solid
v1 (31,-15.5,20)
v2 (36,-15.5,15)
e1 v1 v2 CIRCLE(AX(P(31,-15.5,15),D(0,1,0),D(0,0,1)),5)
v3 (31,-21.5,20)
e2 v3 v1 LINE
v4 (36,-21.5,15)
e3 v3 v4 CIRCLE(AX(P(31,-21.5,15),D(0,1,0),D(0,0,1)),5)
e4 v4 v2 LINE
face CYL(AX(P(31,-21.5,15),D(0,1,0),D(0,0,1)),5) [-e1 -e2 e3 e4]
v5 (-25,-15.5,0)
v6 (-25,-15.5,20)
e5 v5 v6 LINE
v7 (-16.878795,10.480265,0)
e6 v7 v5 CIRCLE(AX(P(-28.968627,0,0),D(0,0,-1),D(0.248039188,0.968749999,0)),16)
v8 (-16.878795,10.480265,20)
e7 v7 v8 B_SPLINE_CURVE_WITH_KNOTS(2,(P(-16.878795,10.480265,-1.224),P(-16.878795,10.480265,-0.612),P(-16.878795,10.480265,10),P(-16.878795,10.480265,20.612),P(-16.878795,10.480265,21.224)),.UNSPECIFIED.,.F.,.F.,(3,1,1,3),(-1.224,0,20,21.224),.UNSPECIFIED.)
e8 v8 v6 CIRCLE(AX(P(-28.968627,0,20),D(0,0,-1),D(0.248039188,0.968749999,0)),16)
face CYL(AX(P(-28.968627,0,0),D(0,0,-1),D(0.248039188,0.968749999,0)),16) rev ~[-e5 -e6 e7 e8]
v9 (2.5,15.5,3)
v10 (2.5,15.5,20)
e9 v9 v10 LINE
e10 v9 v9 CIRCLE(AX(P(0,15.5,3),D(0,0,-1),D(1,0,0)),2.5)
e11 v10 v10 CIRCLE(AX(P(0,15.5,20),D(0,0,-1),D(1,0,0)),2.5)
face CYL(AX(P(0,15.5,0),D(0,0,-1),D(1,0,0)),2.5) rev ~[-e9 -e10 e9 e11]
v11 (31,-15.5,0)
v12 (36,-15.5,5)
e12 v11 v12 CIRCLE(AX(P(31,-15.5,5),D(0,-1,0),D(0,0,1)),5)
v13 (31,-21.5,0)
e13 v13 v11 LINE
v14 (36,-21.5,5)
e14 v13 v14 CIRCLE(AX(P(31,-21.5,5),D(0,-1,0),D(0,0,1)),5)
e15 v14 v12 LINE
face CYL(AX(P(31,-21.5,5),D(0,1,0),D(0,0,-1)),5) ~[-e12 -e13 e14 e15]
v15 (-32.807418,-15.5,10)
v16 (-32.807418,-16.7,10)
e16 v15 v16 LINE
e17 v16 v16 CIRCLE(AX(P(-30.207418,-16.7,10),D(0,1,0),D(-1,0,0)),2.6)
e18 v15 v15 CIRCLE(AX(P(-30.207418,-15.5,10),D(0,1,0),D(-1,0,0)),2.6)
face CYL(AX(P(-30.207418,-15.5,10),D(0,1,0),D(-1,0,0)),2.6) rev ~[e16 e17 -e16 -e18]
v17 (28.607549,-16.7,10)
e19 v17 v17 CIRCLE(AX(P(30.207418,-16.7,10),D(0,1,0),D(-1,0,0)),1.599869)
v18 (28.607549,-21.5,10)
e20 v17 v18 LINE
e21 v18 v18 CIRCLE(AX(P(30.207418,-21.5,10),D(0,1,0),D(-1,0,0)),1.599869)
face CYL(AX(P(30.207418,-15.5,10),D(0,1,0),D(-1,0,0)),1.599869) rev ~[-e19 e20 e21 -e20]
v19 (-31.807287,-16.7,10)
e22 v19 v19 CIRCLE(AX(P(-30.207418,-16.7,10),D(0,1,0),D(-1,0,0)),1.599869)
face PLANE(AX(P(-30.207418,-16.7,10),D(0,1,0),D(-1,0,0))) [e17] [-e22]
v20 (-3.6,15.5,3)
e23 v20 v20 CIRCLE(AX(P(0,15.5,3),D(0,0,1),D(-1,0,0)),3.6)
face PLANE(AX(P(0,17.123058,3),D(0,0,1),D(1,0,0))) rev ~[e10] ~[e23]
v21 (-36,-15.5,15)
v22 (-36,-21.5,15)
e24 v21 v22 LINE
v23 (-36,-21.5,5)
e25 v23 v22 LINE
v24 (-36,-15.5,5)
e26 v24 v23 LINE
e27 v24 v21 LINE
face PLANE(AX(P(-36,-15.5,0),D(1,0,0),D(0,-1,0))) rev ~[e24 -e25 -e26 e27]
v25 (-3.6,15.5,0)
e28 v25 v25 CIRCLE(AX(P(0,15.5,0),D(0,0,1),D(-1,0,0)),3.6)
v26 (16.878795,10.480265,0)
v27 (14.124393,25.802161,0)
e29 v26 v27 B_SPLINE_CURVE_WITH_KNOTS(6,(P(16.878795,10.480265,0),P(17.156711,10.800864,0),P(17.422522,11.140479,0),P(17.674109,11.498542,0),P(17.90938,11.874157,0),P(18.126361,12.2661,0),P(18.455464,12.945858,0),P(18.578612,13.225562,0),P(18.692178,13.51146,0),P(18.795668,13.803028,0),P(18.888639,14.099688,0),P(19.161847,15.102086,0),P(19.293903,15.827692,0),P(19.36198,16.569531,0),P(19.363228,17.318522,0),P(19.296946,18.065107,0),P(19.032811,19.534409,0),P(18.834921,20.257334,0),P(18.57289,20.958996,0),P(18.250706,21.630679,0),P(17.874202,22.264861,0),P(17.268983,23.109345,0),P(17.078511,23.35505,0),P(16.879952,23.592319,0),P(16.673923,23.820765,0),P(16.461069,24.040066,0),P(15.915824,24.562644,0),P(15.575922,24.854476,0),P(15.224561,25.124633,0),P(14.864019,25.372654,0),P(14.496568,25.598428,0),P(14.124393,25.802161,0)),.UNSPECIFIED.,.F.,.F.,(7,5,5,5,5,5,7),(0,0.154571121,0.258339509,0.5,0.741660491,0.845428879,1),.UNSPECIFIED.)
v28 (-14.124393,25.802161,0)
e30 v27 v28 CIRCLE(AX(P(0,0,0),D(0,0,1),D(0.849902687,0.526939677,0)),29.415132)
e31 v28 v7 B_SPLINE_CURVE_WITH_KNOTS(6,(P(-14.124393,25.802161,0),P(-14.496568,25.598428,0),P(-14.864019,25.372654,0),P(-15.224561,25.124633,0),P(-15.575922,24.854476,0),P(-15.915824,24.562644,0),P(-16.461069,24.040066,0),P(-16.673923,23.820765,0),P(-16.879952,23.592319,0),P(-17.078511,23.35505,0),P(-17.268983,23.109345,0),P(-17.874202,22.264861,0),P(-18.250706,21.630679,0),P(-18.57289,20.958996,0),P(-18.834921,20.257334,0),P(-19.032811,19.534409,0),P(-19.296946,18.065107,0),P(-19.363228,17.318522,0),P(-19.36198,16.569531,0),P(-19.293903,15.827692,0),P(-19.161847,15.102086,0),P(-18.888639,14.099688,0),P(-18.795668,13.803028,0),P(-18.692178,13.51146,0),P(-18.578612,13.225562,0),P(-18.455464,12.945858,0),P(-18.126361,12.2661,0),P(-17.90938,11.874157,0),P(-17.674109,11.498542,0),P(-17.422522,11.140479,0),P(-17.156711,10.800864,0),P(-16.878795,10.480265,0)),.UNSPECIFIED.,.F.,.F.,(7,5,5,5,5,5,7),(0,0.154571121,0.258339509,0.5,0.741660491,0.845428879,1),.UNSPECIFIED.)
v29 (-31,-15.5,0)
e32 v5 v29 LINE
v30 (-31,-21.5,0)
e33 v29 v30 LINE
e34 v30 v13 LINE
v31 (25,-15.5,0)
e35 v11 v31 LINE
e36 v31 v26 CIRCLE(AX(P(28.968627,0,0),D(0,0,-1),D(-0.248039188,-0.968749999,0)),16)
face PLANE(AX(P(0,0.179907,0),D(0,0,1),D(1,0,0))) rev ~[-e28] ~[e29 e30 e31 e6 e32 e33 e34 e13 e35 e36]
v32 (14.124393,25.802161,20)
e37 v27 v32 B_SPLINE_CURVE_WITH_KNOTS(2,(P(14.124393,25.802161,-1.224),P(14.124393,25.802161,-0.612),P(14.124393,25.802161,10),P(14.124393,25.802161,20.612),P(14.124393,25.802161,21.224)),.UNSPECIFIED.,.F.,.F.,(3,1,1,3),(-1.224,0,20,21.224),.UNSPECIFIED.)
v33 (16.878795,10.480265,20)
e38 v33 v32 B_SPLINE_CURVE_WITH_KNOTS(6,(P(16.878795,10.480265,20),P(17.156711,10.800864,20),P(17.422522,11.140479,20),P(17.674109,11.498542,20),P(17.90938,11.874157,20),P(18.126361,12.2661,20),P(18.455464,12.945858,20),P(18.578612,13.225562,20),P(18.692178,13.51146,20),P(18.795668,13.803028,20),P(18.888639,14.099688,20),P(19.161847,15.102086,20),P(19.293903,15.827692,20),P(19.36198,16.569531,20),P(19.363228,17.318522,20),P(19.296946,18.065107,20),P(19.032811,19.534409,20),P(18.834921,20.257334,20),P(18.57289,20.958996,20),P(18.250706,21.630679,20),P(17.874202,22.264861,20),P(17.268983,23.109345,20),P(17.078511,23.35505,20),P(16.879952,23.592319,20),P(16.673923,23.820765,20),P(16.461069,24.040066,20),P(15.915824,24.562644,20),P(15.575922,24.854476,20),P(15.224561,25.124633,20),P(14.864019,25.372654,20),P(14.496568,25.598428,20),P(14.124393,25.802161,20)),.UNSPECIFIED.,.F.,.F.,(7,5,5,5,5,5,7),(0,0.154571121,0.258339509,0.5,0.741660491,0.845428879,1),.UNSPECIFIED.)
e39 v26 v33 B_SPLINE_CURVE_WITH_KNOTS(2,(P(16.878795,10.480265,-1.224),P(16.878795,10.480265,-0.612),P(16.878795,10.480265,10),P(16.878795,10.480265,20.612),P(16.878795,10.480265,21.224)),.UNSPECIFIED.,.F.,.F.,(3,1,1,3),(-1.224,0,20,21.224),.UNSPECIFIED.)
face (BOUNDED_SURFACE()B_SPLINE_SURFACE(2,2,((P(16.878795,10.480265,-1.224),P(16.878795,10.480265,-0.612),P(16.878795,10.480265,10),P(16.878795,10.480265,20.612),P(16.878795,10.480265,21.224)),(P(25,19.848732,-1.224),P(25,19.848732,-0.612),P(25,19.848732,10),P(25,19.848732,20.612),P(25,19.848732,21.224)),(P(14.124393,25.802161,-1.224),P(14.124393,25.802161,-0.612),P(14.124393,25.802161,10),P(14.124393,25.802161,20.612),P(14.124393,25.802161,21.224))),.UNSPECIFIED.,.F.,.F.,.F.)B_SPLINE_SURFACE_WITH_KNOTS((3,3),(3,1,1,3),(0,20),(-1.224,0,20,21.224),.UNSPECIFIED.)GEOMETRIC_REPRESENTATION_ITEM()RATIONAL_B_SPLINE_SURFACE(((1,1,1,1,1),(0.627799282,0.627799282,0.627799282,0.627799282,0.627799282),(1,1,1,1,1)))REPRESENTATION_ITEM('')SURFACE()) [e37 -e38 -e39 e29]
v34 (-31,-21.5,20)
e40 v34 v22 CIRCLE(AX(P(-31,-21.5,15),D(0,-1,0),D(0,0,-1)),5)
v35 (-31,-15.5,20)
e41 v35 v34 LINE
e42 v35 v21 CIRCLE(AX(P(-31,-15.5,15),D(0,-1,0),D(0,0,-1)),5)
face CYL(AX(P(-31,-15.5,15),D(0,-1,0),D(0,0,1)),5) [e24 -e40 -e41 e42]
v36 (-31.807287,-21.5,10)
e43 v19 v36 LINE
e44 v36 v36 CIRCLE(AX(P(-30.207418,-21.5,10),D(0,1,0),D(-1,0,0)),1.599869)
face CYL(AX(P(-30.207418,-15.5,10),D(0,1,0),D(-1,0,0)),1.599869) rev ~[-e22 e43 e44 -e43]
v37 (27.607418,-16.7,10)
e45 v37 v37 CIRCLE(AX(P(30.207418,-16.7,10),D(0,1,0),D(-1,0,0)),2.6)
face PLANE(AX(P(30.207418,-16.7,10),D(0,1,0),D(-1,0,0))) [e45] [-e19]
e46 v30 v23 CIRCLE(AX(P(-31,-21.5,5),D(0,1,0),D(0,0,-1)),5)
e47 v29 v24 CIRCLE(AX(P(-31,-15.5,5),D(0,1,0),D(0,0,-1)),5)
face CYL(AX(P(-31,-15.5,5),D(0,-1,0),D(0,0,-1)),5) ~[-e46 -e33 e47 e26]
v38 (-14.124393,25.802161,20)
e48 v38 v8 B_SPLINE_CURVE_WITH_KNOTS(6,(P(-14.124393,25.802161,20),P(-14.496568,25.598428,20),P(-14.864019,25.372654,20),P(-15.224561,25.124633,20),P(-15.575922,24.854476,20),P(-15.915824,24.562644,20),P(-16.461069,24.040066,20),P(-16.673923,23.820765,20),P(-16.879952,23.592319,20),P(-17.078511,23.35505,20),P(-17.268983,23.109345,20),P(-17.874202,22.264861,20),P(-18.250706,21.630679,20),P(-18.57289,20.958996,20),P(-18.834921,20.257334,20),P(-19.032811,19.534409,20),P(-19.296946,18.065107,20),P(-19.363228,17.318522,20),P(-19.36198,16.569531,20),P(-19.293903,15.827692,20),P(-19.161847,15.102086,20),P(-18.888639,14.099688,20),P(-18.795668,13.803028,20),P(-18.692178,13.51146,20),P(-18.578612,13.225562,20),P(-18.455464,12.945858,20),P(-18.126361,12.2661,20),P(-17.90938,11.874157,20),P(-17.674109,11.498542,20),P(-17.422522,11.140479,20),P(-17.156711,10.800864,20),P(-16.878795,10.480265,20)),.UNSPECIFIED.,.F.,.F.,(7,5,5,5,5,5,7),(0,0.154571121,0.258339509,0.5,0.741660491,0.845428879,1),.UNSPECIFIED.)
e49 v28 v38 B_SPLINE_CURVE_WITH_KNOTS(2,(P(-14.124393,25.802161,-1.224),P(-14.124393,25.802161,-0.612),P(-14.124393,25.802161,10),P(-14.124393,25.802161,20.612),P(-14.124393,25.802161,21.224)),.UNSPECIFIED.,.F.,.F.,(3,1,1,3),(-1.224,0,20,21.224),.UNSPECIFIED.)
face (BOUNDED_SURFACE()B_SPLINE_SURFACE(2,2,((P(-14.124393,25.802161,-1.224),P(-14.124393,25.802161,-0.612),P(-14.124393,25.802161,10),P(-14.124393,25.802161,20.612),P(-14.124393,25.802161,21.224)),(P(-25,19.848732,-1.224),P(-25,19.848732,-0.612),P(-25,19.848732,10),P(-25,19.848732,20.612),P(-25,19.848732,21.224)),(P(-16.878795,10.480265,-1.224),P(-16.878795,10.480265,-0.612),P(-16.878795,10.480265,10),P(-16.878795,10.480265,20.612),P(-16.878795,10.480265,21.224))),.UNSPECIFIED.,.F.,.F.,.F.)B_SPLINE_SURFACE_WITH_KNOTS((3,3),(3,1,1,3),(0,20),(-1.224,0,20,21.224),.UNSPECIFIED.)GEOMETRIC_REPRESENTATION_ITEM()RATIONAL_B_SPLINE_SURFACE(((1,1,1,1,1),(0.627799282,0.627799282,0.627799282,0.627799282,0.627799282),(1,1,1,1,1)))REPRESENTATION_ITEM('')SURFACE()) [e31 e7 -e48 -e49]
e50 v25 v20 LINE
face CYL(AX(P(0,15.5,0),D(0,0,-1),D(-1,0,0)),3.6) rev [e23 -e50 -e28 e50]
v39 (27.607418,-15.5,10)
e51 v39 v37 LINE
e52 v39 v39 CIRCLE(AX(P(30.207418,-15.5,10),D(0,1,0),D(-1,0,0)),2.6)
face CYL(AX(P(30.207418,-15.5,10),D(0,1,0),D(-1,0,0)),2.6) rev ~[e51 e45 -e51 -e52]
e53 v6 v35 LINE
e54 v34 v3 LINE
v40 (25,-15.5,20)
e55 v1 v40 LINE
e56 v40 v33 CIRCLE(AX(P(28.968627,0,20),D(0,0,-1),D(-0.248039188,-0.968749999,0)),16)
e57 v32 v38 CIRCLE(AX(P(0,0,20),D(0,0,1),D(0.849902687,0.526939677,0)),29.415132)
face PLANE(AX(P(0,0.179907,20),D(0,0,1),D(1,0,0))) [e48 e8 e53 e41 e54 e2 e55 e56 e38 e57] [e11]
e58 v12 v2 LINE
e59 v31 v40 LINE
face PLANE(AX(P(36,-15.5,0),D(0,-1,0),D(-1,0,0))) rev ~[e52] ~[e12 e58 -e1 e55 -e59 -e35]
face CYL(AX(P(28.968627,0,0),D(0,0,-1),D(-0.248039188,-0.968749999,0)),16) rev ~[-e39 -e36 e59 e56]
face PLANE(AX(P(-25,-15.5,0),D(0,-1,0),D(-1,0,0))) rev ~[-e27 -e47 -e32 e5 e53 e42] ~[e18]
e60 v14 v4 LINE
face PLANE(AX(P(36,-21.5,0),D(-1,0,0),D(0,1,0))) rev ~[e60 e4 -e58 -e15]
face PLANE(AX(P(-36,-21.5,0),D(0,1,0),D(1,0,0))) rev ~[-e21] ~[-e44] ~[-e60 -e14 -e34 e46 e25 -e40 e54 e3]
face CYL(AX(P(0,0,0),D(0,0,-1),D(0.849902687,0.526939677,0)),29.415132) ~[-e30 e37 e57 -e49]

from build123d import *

# Parameters (mm, degrees)
F1_DEPTH = 20
F2_R     = 10
F3_R     = 1.599869
F4_DEPTH = 25
F5_R     = 5
F6_DEPTH = 3
F3_R_2   = 2.6
F7_DEPTH = 1.2


with BuildPart() as f1:
    # F0 (on Top) → F1 (new body)
    with BuildSketch(Plane.XY):
        with BuildLine():
            Line((25, 15.5), (3.6, 15.5))
            ThreePointArc((3.6, 15.5), (0, 11.9), (-3.6, 15.5))
            Line((-3.6, 15.5), (-25, 15.5))
            ThreePointArc((-25, 15.5), (-12.968627, 0), (-25, -15.5))
            Line((-25, -15.5), (25, -15.5))
            ThreePointArc((25, -15.5), (12.968627, 0), (25, 15.5))
        make_face()
        with BuildLine():
            ThreePointArc((-2.5, 15.5), (0, 18), (2.5, 15.5))
            Line((2.5, 15.5), (3.6, 15.5))
            ThreePointArc((3.6, 15.5), (0, 19.1), (-3.6, 15.5))
            Line((-3.6, 15.5), (-2.5, 15.5))
        make_face()
        with BuildLine():
            ThreePointArc((-20.07486, -21.5), (-22.736221, -18.663179), (-25, -15.5))
            Line((-25, -15.5), (-36, -15.5))
            Line((-36, -15.5), (-36, -21.5))
            Line((-36, -21.5), (-20.07486, -21.5))
        make_face()
        with BuildLine():
            ThreePointArc((20.07486, -21.5), (22.736221, -18.663179), (25, -15.5))
            Line((25, -15.5), (-25, -15.5))
            ThreePointArc((-25, -15.5), (-22.736221, -18.663179), (-20.07486, -21.5))
            Line((-20.07486, -21.5), (20.07486, -21.5))
        make_face()
        with BuildLine():
            Line((36, -15.5), (25, -15.5))
            ThreePointArc((25, -15.5), (22.736221, -18.663179), (20.07486, -21.5))
            Line((20.07486, -21.5), (36, -21.5))
            Line((36, -21.5), (36, -15.5))
        make_face()
        with BuildLine():
            ThreePointArc((-3.6, 15.5), (0, 19.1), (3.6, 15.5))
            Line((3.6, 15.5), (25, 15.5))
            ThreePointArc((25, 15.5), (0, 29.415132), (-25, 15.5))
            Line((-25, 15.5), (-3.6, 15.5))
        make_face()
        with BuildLine():
            Line((3.6, 15.5), (2.5, 15.5))
            ThreePointArc((2.5, 15.5), (0, 13), (-2.5, 15.5))
            Line((-2.5, 15.5), (-3.6, 15.5))
            ThreePointArc((-3.6, 15.5), (0, 11.9), (3.6, 15.5))
        make_face()
    extrude(amount=F1_DEPTH)

    # F2
    f2_edges = [f1.edges().sort_by_distance(p)[0] for p in [
        (25, 15.5, 10),
        (-25, 15.5, 10),
    ]]
    fillet(f2_edges, radius=F2_R)

    # F3 (on face) → F4 (cut)
    with BuildSketch(Plane(origin=(0, -15.5, 0), x_dir=(-1, 0, 0), z_dir=(0, 1, 0))):
        with Locations((30.207418, 10)):
            Circle(F3_R)
        with Locations((-30.207418, 10)):
            Circle(F3_R)
    extrude(amount=-F4_DEPTH, mode=Mode.SUBTRACT)

    # F5
    f5_edges = [f1.edges().sort_by_distance(p)[0] for p in [
        (-36, -18.5, 20),
        (36, -18.5, 20),
        (36, -18.5, 0),
        (-36, -18.5, 0),
    ]]
    fillet(f5_edges, radius=F5_R)

    # F0 (on Top) → F6 (cut)
    with BuildSketch(Plane.XY):
        with BuildLine():
            ThreePointArc((-2.5, 15.5), (0, 18), (2.5, 15.5))
            Line((2.5, 15.5), (3.6, 15.5))
            ThreePointArc((3.6, 15.5), (0, 19.1), (-3.6, 15.5))
            Line((-3.6, 15.5), (-2.5, 15.5))
        make_face()
        with BuildLine():
            Line((3.6, 15.5), (2.5, 15.5))
            ThreePointArc((2.5, 15.5), (0, 13), (-2.5, 15.5))
            Line((-2.5, 15.5), (-3.6, 15.5))
            ThreePointArc((-3.6, 15.5), (0, 11.9), (3.6, 15.5))
        make_face()
    extrude(amount=F6_DEPTH, mode=Mode.SUBTRACT)

    # F3 (on face) → F7 (cut)
    with BuildSketch(Plane(origin=(0, -15.5, 0), x_dir=(-1, 0, 0), z_dir=(0, 1, 0))):
        with Locations((-30.207418, 10)):
            Circle(F3_R_2)
        with Locations((-30.207418, 10)):
            Circle(F3_R, mode=Mode.SUBTRACT)
        with Locations((30.207418, 10)):
            Circle(F3_R_2)
        with Locations((30.207418, 10)):
            Circle(F3_R, mode=Mode.SUBTRACT)
    extrude(amount=-F7_DEPTH, mode=Mode.SUBTRACT)


solid = f1.part
